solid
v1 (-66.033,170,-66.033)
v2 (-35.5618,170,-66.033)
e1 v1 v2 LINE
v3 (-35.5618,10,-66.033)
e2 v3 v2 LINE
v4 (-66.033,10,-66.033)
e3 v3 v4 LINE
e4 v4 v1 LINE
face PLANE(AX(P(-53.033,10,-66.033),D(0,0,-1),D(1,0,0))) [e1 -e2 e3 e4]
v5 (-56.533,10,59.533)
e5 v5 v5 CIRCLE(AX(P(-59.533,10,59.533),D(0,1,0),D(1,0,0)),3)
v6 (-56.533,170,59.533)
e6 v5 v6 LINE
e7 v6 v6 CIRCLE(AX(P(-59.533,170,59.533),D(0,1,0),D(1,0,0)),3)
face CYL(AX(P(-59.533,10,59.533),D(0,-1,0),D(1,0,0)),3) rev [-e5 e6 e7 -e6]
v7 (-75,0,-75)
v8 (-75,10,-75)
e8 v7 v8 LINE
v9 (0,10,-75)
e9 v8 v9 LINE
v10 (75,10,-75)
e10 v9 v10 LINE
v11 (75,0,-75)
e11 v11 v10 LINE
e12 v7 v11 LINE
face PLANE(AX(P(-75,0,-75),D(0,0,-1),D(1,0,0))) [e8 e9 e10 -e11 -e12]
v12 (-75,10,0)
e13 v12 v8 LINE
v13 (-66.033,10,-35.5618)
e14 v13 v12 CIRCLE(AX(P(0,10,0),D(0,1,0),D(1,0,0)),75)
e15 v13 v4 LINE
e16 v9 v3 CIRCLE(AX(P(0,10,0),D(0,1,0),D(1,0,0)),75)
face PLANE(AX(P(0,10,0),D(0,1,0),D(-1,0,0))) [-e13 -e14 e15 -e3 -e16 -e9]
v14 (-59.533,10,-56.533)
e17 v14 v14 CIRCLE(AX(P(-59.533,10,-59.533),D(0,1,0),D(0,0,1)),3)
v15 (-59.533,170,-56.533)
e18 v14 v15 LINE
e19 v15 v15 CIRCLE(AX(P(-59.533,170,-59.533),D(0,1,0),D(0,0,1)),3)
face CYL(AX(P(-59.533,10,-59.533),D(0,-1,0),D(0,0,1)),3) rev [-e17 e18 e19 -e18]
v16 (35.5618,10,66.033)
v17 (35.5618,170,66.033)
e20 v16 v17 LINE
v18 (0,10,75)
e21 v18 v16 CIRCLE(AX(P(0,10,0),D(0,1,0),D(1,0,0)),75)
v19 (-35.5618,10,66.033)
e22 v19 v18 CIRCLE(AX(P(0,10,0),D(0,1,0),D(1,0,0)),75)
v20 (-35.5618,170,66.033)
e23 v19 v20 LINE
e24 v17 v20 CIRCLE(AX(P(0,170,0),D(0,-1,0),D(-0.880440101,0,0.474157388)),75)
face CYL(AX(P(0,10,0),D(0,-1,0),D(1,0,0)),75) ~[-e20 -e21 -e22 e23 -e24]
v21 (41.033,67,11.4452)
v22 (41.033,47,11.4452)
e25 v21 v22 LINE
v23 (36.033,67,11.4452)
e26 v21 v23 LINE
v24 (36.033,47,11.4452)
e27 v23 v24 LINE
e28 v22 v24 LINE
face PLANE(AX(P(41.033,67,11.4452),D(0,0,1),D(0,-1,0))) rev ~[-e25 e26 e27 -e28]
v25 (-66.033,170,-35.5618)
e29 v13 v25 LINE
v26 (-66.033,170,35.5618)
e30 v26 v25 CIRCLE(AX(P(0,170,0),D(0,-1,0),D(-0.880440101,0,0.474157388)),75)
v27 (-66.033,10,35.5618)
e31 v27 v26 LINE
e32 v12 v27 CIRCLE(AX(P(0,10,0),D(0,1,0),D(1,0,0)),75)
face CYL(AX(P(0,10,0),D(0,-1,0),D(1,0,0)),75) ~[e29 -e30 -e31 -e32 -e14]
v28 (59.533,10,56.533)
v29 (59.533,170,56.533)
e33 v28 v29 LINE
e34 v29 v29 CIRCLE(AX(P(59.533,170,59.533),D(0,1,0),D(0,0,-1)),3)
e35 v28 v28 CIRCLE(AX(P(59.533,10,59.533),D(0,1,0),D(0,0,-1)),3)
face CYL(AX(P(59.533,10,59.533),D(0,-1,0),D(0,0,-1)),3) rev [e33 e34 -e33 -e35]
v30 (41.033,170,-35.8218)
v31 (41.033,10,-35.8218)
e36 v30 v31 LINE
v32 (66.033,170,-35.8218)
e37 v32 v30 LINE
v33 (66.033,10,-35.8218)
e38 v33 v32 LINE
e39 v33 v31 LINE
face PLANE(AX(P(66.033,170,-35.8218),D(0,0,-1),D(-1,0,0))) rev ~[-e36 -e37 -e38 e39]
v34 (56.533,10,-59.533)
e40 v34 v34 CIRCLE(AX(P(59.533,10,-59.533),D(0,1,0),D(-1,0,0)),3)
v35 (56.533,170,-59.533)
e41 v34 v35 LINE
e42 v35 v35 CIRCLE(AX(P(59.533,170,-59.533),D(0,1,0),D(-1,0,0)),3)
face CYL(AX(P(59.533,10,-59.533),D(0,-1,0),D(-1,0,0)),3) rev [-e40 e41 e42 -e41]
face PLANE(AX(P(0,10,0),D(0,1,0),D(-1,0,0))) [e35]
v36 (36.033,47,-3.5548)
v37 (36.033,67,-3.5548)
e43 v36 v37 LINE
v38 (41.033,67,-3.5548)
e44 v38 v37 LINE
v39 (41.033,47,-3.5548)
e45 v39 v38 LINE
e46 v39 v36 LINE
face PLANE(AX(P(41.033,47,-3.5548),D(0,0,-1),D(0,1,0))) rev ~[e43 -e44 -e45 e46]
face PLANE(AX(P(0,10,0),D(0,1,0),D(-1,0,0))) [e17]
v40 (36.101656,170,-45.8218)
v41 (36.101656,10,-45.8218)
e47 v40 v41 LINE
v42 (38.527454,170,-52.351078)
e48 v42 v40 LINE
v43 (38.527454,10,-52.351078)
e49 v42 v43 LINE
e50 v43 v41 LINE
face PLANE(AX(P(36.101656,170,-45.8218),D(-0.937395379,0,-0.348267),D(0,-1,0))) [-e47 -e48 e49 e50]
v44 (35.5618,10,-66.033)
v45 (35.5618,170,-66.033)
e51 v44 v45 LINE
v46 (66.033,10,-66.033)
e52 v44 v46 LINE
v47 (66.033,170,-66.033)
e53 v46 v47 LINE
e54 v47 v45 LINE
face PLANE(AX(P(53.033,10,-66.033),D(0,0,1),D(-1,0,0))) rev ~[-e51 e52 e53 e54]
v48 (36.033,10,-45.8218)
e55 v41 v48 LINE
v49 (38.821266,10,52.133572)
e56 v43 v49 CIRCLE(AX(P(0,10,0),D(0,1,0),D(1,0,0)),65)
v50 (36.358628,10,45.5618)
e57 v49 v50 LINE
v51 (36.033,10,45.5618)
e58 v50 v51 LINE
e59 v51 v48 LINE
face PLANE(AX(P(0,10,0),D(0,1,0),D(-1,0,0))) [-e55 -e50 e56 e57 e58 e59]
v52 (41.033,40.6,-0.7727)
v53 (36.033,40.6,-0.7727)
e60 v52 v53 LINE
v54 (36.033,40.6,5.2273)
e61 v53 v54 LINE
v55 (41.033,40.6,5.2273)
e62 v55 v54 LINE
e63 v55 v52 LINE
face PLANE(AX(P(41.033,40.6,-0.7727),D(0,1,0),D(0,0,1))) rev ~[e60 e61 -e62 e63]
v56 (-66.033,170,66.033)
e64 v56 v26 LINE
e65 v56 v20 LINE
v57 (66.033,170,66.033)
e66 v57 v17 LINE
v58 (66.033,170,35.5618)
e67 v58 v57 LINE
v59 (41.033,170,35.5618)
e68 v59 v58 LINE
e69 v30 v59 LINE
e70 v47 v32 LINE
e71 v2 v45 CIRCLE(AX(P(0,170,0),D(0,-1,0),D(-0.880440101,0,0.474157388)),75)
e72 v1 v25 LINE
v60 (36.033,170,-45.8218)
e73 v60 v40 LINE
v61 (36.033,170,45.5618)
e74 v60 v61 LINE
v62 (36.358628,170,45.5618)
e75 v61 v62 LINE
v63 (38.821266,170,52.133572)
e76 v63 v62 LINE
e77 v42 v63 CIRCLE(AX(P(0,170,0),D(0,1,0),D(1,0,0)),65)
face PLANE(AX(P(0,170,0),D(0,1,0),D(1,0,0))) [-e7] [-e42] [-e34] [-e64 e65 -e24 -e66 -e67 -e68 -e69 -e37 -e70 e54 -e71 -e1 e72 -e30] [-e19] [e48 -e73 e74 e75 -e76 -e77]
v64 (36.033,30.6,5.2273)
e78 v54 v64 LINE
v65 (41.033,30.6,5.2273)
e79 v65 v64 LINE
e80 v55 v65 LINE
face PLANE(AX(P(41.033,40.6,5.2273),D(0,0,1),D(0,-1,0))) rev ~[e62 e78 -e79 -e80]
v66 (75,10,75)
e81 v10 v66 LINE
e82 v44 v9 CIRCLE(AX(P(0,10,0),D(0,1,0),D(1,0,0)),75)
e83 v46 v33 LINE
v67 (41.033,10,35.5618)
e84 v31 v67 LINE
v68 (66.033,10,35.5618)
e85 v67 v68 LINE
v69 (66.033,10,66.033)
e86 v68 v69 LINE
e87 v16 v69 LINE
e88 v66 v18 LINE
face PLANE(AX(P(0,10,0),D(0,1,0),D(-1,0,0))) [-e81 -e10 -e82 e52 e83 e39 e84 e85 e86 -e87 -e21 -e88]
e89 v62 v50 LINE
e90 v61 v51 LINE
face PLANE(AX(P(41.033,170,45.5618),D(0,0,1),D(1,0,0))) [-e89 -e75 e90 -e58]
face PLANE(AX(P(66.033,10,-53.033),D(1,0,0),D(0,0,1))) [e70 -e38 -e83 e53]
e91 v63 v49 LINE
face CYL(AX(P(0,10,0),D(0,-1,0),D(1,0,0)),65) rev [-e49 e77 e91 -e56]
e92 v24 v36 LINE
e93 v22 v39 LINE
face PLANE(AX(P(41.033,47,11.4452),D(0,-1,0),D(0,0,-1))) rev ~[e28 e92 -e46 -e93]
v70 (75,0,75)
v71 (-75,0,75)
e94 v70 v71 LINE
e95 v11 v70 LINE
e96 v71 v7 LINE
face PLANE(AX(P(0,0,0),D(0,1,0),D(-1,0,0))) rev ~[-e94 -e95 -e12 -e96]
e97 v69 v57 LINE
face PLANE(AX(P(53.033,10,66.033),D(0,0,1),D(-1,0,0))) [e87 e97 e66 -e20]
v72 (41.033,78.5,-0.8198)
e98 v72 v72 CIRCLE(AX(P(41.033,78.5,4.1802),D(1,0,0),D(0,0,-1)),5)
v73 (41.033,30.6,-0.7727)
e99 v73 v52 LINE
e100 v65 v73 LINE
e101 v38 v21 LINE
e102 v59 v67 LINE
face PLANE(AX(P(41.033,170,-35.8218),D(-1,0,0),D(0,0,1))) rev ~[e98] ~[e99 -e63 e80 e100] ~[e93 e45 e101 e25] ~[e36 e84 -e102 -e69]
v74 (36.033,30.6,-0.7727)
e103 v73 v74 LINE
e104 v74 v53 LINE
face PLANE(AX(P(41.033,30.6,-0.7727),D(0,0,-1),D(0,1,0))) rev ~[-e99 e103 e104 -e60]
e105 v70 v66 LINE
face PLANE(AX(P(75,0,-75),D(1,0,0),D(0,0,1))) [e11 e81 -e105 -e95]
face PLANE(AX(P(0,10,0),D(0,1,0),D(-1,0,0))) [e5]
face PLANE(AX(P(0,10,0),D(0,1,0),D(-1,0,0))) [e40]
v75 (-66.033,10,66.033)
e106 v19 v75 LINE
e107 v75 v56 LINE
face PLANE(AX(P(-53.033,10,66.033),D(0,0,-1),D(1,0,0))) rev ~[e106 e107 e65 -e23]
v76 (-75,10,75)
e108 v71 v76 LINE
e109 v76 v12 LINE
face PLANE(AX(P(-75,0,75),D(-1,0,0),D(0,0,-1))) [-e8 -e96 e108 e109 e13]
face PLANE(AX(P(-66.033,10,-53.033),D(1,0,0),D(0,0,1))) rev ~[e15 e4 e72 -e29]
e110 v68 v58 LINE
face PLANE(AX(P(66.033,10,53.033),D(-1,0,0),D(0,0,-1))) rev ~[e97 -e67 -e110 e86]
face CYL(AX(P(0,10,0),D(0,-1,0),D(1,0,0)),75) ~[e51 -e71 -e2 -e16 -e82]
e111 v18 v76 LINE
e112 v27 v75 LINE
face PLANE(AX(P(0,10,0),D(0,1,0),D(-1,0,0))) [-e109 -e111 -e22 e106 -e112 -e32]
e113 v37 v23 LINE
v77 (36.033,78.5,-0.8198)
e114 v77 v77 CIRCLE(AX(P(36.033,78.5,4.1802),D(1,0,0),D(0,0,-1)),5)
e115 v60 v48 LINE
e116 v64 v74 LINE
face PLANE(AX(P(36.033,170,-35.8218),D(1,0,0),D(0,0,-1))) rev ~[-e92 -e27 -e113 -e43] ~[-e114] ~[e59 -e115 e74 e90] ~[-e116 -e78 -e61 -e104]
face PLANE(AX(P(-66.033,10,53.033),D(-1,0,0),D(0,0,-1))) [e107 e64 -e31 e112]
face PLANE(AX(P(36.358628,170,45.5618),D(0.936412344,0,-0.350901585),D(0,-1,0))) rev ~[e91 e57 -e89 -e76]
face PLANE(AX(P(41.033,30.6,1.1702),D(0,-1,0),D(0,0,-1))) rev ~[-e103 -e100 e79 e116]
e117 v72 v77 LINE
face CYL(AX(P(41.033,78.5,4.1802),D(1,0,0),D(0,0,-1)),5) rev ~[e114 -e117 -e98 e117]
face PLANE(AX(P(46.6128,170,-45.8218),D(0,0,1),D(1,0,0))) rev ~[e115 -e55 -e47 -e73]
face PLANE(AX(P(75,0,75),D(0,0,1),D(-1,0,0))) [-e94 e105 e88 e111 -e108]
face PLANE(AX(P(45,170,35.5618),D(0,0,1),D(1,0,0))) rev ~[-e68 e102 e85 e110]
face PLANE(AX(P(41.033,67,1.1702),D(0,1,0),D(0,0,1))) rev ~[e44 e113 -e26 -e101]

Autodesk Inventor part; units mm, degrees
ref_plane "YZ Plane" through (0, 0, 0) normal (1, 0, 0) x (0, 1, 0)
ref_plane "XZ Plane" through (0, 0, 0) normal (0, 1, 0) x (-1, 0, 0)
ref_plane "XY Plane" through (0, 0, 0) normal (0, 0, 1) x (1, 0, 0)
sketch "Эскиз1" plane through (0, 0, 0) normal (0, 1, 0) x (-1, 0, 0)
  line L0 (-75, 75) -> (75, 75)
  line L1 (75, 75) -> (75, -75)
  line L2 (75, -75) -> (-75, -75)
  line L3 (-75, -75) -> (-75, 75)
  line L4 (-75, 75) -> (75, -75) construction
  line L5 (75, 75) -> (-75, -75) construction
  point P0 (0, 0)
  dimension "d0" = 150
  dimension "d1" = 150
extrude "Выдавливание1" add sketch "Эскиз1" along normal blind 10
sketch "Эскиз2" plane through (0, 10, 0) normal (0, 1, 0) x (1, 0, 0)
  circle A0 centre (0, 0) radius 75
  circle A1 centre (0, 0) radius 65
  dimension "d4" = 150
  dimension "d5" = 130
extrude "Выдавливание2" add sketch "Эскиз2" along normal blind 160
sketch "Эскиз3" plane through (0, 10, 0) normal (0, 1, 0) x (1, 0, 0)
  line L0 (0, 0) -> (-53.033, -53.033)
  arc A0 (-75, 0) -> (0, -75) centre (0, 0) ccw projected
  line L1 (0, 0) -> (75, 0) construction
  line L2 (-53.033, -53.033) -> (-66.033, -53.033)
  line L3 (-66.033, -53.033) -> (-66.033, -66.033)
  line L4 (-66.033, -66.033) -> (-53.033, -66.033)
  line L5 (-53.033, -66.033) -> (-53.033, -53.033)
  line L6 (-53.033, -66.033) -> (-35.5618, -66.033)
  line L7 (-66.033, -53.033) -> (-66.033, -35.5618)
  arc A1 (-66.033, -35.5618) -> (-35.5618, -66.033) centre (0, 0) ccw
  circle A2 centre (-59.533, -59.533) radius 3
  dimension "d8" = 135
  dimension "d9" = 13
  dimension "d10" = 13
  dimension "d11" = 6
  dimension "d12" = 6.5
  dimension "d13" = 6.5
extrude "Выдавливание3" add sketch "Эскиз3" along normal up to surface (160 mm away)
pattern_circular "Круговой массив1" count 4 over 360 about axis through (0, 10, 0) along (0, 1, 0) of "Выдавливание3"
sketch "Эскиз5" plane through (0, 170, 0) normal (0, 1, 0) x (1, 0, 0)
  line L0 (75, 0) -> (75, 75) projected
  line L1 (75, 35.8218) -> (45, 35.8218)
  line L2 (45, 35.8218) -> (45, -35.5618)
  line L3 (45, -35.5618) -> (75, -35.5618)
  line L4 (75, -35.5618) -> (75, 35.8218)
  point P0 (0, 0)
  dimension "d21" = 30
extrude "Выдавливание5" cut sketch "Эскиз5" against normal up to surface (160 mm away)
sketch "Эскиз6" plane through (0, 170, 0) normal (0, 1, 0) x (1, 0, 0)
  line L0 (66.033, 66.033) -> (66.033, 35.8218) projected
  line L1 (66.033, 35.8218) -> (36.033, 35.8218)
  line L2 (36.033, 35.8218) -> (36.033, 45.8218)
  line L3 (36.033, 45.8218) -> (66.033, 45.8218)
  line L4 (66.033, 45.8218) -> (66.033, 35.8218)
  arc A0 (54.2384, 35.8218) -> (54.4092, -35.5618) centre (0, 0) ccw projected
  line L5 (36.033, 45.8218) -> (46.6128, 45.8218)
  line L6 (66.033, -35.5618) -> (66.033, -66.033) projected
  line L7 (66.033, -35.5618) -> (36.033, -35.5618)
  line L8 (36.033, -35.5618) -> (36.033, -45.5618)
  line L9 (36.033, -45.5618) -> (66.033, -45.5618)
  line L10 (66.033, -45.5618) -> (66.033, -35.5618)
  line L11 (36.033, 45.8218) -> (41.033, 45.8218)
  line L12 (41.033, 45.8218) -> (41.033, -45.5618)
  line L13 (41.033, -45.5618) -> (36.033, -45.5618)
  line L14 (36.033, -45.5618) -> (36.033, 45.8218)
  dimension "d24" = 30
  dimension "d25" = 10
  dimension "d26" = 30
  dimension "d27" = 10
  dimension "d28" = 5
extrude "Выдавливание6" add sketch "Эскиз6" against normal up to surface (160 mm away) contours L0 L1 A0 L3 | L1 L12 L3 A0 | L12 L7 L14 L1 | L1 L2 L3 L12 | L9 L12 L7 A0 | A0 L7 L6 L9 | L12 L9 L8 L7
sketch "Эскиз7" plane through (41.033, 170, 35.5618) normal (1, 0, 0) x (0, 0, -1)
  point P0 (35.5618, -170)
sketch "Эскиз8" plane through (41.033, 170, 35.5618) normal (1, 0, 0) x (0, 0, -1)
  circle A0 centre (31.3816, -91.5) radius 2.1
  line L0 (33.0222, -106.4854) -> (32.894, -106.0661)
  arc A1 (33.0222, -106.4854) -> (33.2588, -106.8521) centre (33.7873, -106.2515) ccw
  line L1 (34.1201, -107.61) -> (33.2588, -106.8521)
  line L2 (34.3916, -117.7894) -> (34.3916, -108.2106)
  arc A2 (34.3916, -108.2106) -> (34.1201, -107.61) centre (33.5916, -108.2106) ccw
  arc A3 (34.1201, -118.39) -> (34.3916, -117.7894) centre (33.5916, -117.7894) ccw
  line L3 (33.2588, -119.1479) -> (34.1201, -118.39)
  line L4 (32.894, -119.9339) -> (33.0222, -119.5146)
  arc A4 (33.2588, -119.1479) -> (33.0222, -119.5146) centre (33.7873, -119.7485) ccw
  arc A5 (32.129, -120.5) -> (32.894, -119.9339) centre (32.129, -119.7) ccw
  line L5 (29.6416, -120.5) -> (32.129, -120.5)
  arc A6 (28.8416, -119.7) -> (29.6416, -120.5) centre (29.6416, -119.7) ccw
  line L6 (28.8416, -106.3) -> (28.8416, -119.7)
  arc A7 (29.6416, -105.5) -> (28.8416, -106.3) centre (29.6416, -106.3) ccw
  line L7 (32.129, -105.5) -> (29.6416, -105.5)
  arc A8 (32.894, -106.0661) -> (32.129, -105.5) centre (32.129, -106.3) ccw
  line L8 (34.2451, -137.4464) -> (33.688, -138.0036)
  line L9 (32.6416, -138.15) -> (33.3345, -138.15)
  arc A9 (33.3345, -138.15) -> (33.688, -138.0036) centre (33.3345, -137.65) ccw
  arc A10 (32.1416, -137.65) -> (32.6416, -138.15) centre (32.6416, -137.65) ccw
  line L10 (32.1416, -131.15) -> (32.1416, -137.65)
  arc A11 (32.6416, -130.65) -> (32.1416, -131.15) centre (32.6416, -131.15) ccw
  line L11 (33.3345, -130.65) -> (32.6416, -130.65)
  line L12 (33.688, -130.7964) -> (34.2451, -131.3536)
  arc A12 (33.688, -130.7964) -> (33.3345, -130.65) centre (33.3345, -131.15) ccw
  arc A13 (34.3916, -131.7071) -> (34.2451, -131.3536) centre (33.8916, -131.7071) ccw
  line L13 (34.3916, -142.5) -> (34.3916, -62.5)
  line L14 (28.8416, -113) -> (34.3916, -113)
  line L15 (24.1166, -123) -> (39.1166, -123)
  line L16 (39.1166, -123) -> (39.1166, -103)
  line L17 (39.1166, -103) -> (24.1166, -103)
  line L18 (24.1166, -103) -> (24.1166, -123)
  line L19 (24.1166, -123) -> (39.1166, -103) construction
  line L20 (39.1166, -123) -> (24.1166, -103) construction
  line L21 (30.3345, -139.4) -> (36.3345, -139.4)
  line L22 (36.3345, -139.4) -> (36.3345, -129.4)
  line L23 (36.3345, -129.4) -> (30.3345, -129.4)
  line L24 (30.3345, -129.4) -> (30.3345, -139.4)
  line L25 (30.3345, -139.4) -> (36.3345, -129.4) construction
  line L26 (36.3345, -139.4) -> (30.3345, -129.4) construction
  circle A14 centre (31.3816, -91.5) radius 5
  circle A15 centre (31.3816, -91.5) radius 2.1
  line L27 (33.0222, -106.4854) -> (32.894, -106.0661)
  arc A16 (33.0222, -106.4854) -> (33.2588, -106.8521) centre (33.7873, -106.2515) ccw
  line L28 (34.1201, -107.61) -> (33.2588, -106.8521)
  line L29 (34.3916, -117.7894) -> (34.3916, -108.2106)
  arc A17 (34.3916, -108.2106) -> (34.1201, -107.61) centre (33.5916, -108.2106) ccw
  arc A18 (34.1201, -118.39) -> (34.3916, -117.7894) centre (33.5916, -117.7894) ccw
  line L30 (33.2588, -119.1479) -> (34.1201, -118.39)
  line L31 (32.894, -119.9339) -> (33.0222, -119.5146)
  arc A19 (33.2588, -119.1479) -> (33.0222, -119.5146) centre (33.7873, -119.7485) ccw
  arc A20 (32.129, -120.5) -> (32.894, -119.9339) centre (32.129, -119.7) ccw
  line L32 (29.6416, -120.5) -> (32.129, -120.5)
  arc A21 (28.8416, -119.7) -> (29.6416, -120.5) centre (29.6416, -119.7) ccw
  line L33 (28.8416, -106.3) -> (28.8416, -119.7)
  arc A22 (29.6416, -105.5) -> (28.8416, -106.3) centre (29.6416, -106.3) ccw
  line L34 (32.129, -105.5) -> (29.6416, -105.5)
  arc A23 (32.894, -106.0661) -> (32.129, -105.5) centre (32.129, -106.3) ccw
  line L35 (34.2451, -137.4464) -> (33.688, -138.0036)
  line L36 (32.6416, -138.15) -> (33.3345, -138.15)
  arc A24 (33.3345, -138.15) -> (33.688, -138.0036) centre (33.3345, -137.65) ccw
  arc A25 (32.1416, -137.65) -> (32.6416, -138.15) centre (32.6416, -137.65) ccw
  line L37 (32.1416, -131.15) -> (32.1416, -137.65)
  arc A26 (32.6416, -130.65) -> (32.1416, -131.15) centre (32.6416, -131.15) ccw
  line L38 (33.3345, -130.65) -> (32.6416, -130.65)
  line L39 (33.688, -130.7964) -> (34.2451, -131.3536)
  arc A27 (33.688, -130.7964) -> (33.3345, -130.65) centre (33.3345, -131.15) ccw
  arc A28 (34.3916, -131.7071) -> (34.2451, -131.3536) centre (33.8916, -131.7071) ccw
  line L40 (34.3916, -142.5) -> (34.3916, -62.5)
  line L41 (28.8416, -113) -> (34.3916, -113)
  line L42 (24.1166, -123) -> (39.1166, -123)
  line L43 (39.1166, -123) -> (39.1166, -103)
  line L44 (39.1166, -103) -> (24.1166, -103)
  line L45 (24.1166, -103) -> (24.1166, -123)
  line L46 (24.1166, -123) -> (39.1166, -103) construction
  line L47 (39.1166, -123) -> (24.1166, -103) construction
  line L48 (30.3345, -139.4) -> (36.3345, -139.4)
  line L49 (36.3345, -139.4) -> (36.3345, -129.4)
  line L50 (36.3345, -129.4) -> (30.3345, -129.4)
  line L51 (30.3345, -129.4) -> (30.3345, -139.4)
  line L52 (30.3345, -139.4) -> (36.3345, -129.4) construction
  line L53 (36.3345, -139.4) -> (30.3345, -129.4) construction
  circle A29 centre (31.3816, -91.5) radius 5
  point P0 (35.5618, -170)
  point P1 (31.6166, -113)
  point P2 (33.3345, -134.4)
  point P3 (31.6166, -113)
  point P4 (33.3345, -134.4)
  dimension "d31" = 15
  dimension "d32" = 20
  dimension "d33" = 6
  dimension "d34" = 10
  dimension "d35" = 10
  dimension "d36" = 15
  dimension "d37" = 20
  dimension "d38" = 6
  dimension "d39" = 10
  dimension "d40" = 10
extrude "Выдавливание7" cut sketch "Эскиз8" against normal blind 10 contours A0 | A1 L1 A2 L2 L14 L6 A7 L7 A8 L0 | L0 A8 L7 A7 L6 A6 L5 A5 L4 A4 L3 A3 L13 L15 L18 L17 A2 L1 A1 | L13 L17 L16 L15 L2 | L2 A3 L3 A4 L4 A5 L5 A6 L6 L14 | A14 L13 | L13 A14 | L23 L22 L21 L13 | L13 L21 L24 L23
chamfer "Фаска1" distance 10 angle 45 2 edges at (46.3586, 90, 45.5618) (46.1017, 90, -45.8218)
properties part number "000.201 - Станина" material "Пластик АБС"
